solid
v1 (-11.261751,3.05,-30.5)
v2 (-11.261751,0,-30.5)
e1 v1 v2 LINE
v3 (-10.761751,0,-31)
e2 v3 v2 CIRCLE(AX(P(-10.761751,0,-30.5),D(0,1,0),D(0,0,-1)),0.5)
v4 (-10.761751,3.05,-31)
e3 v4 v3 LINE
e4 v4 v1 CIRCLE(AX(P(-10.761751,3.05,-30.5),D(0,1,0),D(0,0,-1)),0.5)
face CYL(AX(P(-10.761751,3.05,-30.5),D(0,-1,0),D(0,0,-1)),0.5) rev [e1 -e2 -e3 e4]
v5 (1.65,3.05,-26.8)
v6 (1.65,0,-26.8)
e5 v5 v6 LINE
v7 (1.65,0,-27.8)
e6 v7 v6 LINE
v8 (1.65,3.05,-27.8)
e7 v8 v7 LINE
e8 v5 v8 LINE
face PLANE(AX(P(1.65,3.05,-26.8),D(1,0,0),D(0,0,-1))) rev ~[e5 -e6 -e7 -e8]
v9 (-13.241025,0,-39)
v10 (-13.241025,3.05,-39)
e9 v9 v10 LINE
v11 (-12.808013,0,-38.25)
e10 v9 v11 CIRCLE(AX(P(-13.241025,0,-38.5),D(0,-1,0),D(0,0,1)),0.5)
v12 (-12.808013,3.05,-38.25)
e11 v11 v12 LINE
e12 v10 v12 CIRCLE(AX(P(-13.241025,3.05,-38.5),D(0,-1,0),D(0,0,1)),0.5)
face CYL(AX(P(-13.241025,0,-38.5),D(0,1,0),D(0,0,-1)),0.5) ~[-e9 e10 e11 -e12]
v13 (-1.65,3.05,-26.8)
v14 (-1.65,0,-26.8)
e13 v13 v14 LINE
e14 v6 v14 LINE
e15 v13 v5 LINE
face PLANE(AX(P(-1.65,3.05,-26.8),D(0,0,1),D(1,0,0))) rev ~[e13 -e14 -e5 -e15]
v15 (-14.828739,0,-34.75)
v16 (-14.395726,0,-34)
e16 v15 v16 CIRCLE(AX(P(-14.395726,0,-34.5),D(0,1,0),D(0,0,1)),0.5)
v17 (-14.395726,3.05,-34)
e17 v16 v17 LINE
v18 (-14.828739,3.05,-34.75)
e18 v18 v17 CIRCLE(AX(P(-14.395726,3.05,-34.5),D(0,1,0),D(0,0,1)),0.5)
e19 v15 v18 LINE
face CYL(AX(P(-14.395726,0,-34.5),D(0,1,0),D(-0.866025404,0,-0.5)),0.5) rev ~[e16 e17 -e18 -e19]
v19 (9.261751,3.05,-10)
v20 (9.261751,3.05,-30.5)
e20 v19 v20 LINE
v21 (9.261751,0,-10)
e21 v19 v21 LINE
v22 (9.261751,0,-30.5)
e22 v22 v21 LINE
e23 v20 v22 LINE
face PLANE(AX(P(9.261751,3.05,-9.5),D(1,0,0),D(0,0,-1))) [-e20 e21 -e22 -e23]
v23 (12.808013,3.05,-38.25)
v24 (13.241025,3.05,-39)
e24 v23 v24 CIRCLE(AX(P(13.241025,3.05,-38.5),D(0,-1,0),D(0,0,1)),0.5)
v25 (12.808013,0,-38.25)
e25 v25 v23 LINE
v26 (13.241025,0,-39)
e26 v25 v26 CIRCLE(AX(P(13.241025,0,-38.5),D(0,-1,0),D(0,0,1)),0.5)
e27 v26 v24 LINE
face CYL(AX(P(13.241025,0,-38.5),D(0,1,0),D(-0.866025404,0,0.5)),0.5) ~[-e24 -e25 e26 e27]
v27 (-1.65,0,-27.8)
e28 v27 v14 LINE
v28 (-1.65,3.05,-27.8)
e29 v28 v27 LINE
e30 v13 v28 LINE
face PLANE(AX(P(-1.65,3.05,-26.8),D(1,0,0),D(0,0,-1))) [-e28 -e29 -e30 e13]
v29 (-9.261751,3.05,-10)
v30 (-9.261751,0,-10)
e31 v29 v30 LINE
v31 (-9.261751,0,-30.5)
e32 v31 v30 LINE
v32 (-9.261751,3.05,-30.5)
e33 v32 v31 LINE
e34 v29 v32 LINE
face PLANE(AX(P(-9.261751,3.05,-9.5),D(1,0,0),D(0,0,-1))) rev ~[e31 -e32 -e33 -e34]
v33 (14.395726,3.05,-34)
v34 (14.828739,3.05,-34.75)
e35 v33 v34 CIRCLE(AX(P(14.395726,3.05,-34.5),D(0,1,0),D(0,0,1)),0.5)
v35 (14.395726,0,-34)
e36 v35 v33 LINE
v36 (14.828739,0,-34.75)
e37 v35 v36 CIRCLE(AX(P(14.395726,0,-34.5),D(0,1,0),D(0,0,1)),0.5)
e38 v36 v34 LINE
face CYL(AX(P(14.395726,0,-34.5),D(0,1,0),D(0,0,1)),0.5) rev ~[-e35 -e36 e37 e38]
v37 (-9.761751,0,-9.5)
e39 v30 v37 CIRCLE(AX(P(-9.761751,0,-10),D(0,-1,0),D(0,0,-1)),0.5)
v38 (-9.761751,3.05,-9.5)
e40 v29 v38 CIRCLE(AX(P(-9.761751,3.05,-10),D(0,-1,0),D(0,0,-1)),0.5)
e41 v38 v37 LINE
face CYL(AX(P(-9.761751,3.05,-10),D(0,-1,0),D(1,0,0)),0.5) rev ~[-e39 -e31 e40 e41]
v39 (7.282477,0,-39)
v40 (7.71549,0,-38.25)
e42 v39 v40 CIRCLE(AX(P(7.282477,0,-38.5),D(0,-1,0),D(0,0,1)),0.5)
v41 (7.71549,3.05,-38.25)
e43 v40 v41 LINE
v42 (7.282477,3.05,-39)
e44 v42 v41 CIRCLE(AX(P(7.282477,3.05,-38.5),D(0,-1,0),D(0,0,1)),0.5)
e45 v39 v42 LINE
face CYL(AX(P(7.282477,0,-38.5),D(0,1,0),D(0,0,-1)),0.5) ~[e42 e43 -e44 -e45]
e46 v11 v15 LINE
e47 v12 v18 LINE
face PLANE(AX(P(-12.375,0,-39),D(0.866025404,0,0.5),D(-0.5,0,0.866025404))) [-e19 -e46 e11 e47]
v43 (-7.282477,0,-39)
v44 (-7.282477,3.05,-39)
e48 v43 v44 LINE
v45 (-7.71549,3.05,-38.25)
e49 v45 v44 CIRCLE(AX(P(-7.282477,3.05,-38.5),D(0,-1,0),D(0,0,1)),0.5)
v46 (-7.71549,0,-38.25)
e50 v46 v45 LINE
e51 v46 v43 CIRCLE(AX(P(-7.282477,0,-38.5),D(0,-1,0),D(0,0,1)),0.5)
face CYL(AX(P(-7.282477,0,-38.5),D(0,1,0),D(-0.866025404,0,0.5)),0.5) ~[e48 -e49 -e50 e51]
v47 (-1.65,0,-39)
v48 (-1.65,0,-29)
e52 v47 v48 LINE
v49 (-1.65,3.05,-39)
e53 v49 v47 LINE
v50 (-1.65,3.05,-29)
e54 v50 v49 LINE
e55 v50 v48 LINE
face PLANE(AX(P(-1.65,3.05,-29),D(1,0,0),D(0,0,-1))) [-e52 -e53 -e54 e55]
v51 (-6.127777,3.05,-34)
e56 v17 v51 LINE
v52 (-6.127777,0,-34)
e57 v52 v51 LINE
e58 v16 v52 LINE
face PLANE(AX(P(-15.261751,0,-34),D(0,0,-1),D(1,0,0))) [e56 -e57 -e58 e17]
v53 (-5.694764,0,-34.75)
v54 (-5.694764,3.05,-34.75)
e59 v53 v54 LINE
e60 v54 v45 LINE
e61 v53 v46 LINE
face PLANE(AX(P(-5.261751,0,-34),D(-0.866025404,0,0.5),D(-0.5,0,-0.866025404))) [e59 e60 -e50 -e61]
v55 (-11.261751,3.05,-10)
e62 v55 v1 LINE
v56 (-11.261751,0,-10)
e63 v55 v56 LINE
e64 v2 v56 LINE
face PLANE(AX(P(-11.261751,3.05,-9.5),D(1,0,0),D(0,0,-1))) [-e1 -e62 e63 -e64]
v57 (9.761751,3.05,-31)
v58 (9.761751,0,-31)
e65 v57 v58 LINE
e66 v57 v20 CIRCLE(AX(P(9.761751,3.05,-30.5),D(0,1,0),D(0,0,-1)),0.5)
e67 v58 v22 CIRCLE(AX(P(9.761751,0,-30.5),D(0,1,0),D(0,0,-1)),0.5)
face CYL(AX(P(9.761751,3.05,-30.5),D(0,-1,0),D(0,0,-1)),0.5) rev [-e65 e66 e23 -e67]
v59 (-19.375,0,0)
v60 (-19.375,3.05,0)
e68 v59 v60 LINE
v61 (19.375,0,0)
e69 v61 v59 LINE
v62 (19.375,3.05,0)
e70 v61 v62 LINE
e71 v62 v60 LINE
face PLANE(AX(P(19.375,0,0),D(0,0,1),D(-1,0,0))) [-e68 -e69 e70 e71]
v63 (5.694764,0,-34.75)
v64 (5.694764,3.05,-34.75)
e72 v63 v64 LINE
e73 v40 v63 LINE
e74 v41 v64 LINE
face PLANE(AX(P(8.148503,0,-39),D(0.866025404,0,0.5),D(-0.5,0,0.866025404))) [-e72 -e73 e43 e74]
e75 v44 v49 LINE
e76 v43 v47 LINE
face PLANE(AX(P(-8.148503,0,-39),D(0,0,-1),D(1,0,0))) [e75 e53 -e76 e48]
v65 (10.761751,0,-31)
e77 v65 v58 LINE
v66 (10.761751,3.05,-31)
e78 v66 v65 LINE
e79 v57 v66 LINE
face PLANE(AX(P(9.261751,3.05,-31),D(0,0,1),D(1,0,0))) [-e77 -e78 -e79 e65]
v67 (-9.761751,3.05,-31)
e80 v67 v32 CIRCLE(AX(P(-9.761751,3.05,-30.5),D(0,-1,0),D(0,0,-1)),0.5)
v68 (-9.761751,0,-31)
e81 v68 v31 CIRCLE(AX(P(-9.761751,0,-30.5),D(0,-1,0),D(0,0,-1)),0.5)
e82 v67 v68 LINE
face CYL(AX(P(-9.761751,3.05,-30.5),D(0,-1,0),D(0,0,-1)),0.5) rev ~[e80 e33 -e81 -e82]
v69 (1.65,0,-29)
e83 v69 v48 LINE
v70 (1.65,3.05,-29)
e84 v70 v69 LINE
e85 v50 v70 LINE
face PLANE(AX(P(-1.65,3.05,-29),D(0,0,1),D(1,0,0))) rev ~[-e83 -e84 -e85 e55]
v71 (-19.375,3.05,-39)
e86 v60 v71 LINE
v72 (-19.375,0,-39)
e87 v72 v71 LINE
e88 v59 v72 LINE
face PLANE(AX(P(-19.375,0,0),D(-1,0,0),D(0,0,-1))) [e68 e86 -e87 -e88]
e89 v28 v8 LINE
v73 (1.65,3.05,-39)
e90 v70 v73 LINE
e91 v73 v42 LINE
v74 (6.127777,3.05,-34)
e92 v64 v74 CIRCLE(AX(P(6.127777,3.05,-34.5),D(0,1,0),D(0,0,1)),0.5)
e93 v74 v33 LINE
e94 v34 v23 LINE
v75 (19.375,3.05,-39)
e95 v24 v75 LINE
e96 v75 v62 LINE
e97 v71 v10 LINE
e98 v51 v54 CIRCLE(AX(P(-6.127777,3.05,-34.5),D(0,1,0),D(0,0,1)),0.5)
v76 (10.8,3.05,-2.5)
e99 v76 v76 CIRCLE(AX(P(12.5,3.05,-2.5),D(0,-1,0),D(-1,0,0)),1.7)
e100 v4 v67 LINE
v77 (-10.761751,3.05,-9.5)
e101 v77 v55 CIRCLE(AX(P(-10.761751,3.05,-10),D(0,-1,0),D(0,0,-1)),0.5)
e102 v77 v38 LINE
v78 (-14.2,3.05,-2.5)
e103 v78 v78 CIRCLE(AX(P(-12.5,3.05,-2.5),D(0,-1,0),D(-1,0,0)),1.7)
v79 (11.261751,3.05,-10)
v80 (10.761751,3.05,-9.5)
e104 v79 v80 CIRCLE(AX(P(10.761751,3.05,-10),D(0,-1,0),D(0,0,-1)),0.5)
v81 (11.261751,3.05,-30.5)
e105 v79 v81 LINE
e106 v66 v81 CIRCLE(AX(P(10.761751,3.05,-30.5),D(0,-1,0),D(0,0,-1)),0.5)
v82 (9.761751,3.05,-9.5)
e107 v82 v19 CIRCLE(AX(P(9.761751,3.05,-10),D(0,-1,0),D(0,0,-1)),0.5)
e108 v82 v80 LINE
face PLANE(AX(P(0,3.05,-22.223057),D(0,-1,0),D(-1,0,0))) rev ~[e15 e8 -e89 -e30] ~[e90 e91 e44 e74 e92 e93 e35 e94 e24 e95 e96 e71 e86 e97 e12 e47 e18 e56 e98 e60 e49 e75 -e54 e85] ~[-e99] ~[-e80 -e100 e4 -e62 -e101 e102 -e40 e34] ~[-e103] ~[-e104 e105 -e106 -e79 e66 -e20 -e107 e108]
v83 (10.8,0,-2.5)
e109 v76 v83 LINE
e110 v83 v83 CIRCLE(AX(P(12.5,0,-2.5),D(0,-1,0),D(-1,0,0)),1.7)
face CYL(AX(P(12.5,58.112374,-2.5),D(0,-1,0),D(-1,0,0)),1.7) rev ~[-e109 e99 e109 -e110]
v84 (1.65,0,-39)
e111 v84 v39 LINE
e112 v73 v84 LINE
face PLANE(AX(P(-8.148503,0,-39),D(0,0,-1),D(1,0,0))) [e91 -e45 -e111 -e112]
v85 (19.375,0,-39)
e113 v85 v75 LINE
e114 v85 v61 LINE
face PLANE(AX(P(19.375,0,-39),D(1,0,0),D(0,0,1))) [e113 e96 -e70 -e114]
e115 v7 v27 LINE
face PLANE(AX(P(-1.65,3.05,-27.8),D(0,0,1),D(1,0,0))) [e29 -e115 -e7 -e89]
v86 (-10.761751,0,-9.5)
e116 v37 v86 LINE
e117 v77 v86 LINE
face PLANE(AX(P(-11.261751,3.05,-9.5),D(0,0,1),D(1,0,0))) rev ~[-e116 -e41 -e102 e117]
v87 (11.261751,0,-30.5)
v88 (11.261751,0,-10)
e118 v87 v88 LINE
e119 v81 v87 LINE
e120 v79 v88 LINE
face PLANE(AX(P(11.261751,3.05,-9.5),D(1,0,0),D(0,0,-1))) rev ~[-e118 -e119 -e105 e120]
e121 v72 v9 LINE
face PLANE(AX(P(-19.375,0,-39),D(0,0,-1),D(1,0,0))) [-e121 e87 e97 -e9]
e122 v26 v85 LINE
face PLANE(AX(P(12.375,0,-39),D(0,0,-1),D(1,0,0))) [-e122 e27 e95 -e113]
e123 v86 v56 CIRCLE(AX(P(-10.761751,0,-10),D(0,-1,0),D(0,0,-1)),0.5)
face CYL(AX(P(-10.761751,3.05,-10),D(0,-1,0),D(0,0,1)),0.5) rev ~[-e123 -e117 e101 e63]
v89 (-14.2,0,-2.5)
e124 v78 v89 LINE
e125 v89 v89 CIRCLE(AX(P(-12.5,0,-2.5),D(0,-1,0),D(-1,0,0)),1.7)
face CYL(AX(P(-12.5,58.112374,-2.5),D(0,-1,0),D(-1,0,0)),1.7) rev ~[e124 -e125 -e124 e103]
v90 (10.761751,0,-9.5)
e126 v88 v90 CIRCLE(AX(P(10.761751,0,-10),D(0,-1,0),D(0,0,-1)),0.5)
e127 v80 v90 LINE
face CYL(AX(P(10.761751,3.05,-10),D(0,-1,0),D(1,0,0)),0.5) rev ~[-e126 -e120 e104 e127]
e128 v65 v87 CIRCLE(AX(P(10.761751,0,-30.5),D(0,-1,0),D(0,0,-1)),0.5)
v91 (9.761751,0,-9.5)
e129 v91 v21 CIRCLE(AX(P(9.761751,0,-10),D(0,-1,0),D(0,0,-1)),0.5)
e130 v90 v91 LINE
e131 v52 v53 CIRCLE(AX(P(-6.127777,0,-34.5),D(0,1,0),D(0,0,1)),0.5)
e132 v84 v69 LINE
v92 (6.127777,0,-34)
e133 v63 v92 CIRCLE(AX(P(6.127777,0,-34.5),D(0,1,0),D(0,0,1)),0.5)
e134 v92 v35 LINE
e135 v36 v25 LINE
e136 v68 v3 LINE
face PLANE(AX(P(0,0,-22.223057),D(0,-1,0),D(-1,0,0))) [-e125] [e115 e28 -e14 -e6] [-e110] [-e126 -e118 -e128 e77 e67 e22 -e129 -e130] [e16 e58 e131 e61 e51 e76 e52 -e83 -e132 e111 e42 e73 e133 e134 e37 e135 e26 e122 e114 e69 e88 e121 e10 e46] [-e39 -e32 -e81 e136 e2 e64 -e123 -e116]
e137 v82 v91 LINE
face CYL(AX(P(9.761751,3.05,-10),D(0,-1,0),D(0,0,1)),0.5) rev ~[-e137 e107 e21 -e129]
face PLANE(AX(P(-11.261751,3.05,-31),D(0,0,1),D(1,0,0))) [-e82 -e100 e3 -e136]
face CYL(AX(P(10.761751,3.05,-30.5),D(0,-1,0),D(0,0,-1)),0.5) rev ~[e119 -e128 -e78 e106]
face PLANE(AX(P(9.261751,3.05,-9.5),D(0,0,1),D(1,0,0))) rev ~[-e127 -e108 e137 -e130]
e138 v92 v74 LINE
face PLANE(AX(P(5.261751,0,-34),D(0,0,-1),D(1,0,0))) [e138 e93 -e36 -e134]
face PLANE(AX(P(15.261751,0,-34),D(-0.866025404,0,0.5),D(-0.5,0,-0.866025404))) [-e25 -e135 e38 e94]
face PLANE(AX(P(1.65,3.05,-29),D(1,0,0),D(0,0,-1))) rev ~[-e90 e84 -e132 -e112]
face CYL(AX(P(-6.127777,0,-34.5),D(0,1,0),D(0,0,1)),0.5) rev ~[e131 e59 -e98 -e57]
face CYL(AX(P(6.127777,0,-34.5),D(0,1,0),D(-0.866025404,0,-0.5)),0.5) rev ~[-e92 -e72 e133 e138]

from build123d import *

# Parameters (mm, degrees)
BOSS_EXTRUDE1_DEPTH                = 3.05
FILLET3_R                          = 0.5
SKETCH2_W                          = 3.3
SKETCH2_H                          = 47
SKETCH2_H_2                        = 1
CUT_EXTRUDE1_DEPTH                 = 44.654245212
SKETCH6_W                          = 2
SKETCH6_H                          = 21.5
CUT_EXTRUDE2_DEPTH                 = 44.654245212
FILLET4_R                          = 0.5
M3_CLEARANCE_HEAD_MOUNTING_HOLES_D = 3.4


with BuildPart() as part:
    # Sketch1 → Boss-Extrude1 (new body)
    with BuildSketch(Plane(origin=(0, 0, 0), x_dir=(1, 0, 0), z_dir=(0, 1, 0))):
        Polygon((-19.375, 0), (-19.375, 39), (-12.375, 39), (-15.261751346, 34), (-5.261751346, 34), (-8.148502692, 39), (8.148502692, 39), (5.261751346, 34), (15.261751346, 34), (12.375, 39), (19.375, 39), (19.375, 0), align=None)
    extrude(amount=BOSS_EXTRUDE1_DEPTH)

    # Fillet3
    fillet3_edges = [part.edges().sort_by_distance(p)[0] for p in [
        (-12.375, 1.525, -39),
        (-15.261751346, 1.525, -34),
        (-5.261751346, 1.525, -34),
        (-8.148502692, 1.525, -39),
        (8.148502692, 1.525, -39),
        (5.261751346, 1.525, -34),
        (15.261751346, 1.525, -34),
        (12.375, 1.525, -39),
    ]]
    fillet(fillet3_edges, radius=FILLET3_R)

    # Sketch2 → Cut-Extrude1 (cut, through all)
    with BuildSketch(Plane(origin=(0, 3.05, 0), x_dir=(1, 0, 0), z_dir=(0, 1, 0))):
        with Locations((0, 52.5)):
            Rectangle(SKETCH2_W, SKETCH2_H)
        with Locations((0, 27.3)):
            Rectangle(SKETCH2_W, SKETCH2_H_2)
    extrude(amount=-CUT_EXTRUDE1_DEPTH, mode=Mode.SUBTRACT)

    # Sketch6 → Cut-Extrude2 (cut, through all)
    with BuildSketch(Plane(origin=(0, 3.05, 0), x_dir=(1, 0, 0), z_dir=(0, 1, 0))):
        with Locations((-10.261751346, 20.25)):
            Rectangle(SKETCH6_W, SKETCH6_H)
        with Locations((10.261751346, 20.25)):
            Rectangle(SKETCH6_W, SKETCH6_H)
    extrude(amount=-CUT_EXTRUDE2_DEPTH, mode=Mode.SUBTRACT)

    # Fillet4
    fillet4_edges = [part.edges().sort_by_distance(p)[0] for p in [
        (-11.261751346, 1.525, -9.5),
        (-11.261751346, 1.525, -31),
        (-9.261751346, 1.525, -31),
        (-9.261751346, 1.525, -9.5),
        (11.261751346, 1.525, -31),
        (11.261751346, 1.525, -9.5),
        (9.261751346, 1.525, -9.5),
        (9.261751346, 1.525, -31),
    ]]
    fillet(fillet4_edges, radius=FILLET4_R)

    # M3 Clearance Head Mounting Holes (through all)
    with Locations(Plane(origin=(0, 3.05, 0), x_dir=(1, 0, 0), z_dir=(0, 1, 0))):
        with Locations((-12.5, 2.5), (12.5, 2.5)):
            Hole(M3_CLEARANCE_HEAD_MOUNTING_HOLES_D / 2)


solid = part.part
